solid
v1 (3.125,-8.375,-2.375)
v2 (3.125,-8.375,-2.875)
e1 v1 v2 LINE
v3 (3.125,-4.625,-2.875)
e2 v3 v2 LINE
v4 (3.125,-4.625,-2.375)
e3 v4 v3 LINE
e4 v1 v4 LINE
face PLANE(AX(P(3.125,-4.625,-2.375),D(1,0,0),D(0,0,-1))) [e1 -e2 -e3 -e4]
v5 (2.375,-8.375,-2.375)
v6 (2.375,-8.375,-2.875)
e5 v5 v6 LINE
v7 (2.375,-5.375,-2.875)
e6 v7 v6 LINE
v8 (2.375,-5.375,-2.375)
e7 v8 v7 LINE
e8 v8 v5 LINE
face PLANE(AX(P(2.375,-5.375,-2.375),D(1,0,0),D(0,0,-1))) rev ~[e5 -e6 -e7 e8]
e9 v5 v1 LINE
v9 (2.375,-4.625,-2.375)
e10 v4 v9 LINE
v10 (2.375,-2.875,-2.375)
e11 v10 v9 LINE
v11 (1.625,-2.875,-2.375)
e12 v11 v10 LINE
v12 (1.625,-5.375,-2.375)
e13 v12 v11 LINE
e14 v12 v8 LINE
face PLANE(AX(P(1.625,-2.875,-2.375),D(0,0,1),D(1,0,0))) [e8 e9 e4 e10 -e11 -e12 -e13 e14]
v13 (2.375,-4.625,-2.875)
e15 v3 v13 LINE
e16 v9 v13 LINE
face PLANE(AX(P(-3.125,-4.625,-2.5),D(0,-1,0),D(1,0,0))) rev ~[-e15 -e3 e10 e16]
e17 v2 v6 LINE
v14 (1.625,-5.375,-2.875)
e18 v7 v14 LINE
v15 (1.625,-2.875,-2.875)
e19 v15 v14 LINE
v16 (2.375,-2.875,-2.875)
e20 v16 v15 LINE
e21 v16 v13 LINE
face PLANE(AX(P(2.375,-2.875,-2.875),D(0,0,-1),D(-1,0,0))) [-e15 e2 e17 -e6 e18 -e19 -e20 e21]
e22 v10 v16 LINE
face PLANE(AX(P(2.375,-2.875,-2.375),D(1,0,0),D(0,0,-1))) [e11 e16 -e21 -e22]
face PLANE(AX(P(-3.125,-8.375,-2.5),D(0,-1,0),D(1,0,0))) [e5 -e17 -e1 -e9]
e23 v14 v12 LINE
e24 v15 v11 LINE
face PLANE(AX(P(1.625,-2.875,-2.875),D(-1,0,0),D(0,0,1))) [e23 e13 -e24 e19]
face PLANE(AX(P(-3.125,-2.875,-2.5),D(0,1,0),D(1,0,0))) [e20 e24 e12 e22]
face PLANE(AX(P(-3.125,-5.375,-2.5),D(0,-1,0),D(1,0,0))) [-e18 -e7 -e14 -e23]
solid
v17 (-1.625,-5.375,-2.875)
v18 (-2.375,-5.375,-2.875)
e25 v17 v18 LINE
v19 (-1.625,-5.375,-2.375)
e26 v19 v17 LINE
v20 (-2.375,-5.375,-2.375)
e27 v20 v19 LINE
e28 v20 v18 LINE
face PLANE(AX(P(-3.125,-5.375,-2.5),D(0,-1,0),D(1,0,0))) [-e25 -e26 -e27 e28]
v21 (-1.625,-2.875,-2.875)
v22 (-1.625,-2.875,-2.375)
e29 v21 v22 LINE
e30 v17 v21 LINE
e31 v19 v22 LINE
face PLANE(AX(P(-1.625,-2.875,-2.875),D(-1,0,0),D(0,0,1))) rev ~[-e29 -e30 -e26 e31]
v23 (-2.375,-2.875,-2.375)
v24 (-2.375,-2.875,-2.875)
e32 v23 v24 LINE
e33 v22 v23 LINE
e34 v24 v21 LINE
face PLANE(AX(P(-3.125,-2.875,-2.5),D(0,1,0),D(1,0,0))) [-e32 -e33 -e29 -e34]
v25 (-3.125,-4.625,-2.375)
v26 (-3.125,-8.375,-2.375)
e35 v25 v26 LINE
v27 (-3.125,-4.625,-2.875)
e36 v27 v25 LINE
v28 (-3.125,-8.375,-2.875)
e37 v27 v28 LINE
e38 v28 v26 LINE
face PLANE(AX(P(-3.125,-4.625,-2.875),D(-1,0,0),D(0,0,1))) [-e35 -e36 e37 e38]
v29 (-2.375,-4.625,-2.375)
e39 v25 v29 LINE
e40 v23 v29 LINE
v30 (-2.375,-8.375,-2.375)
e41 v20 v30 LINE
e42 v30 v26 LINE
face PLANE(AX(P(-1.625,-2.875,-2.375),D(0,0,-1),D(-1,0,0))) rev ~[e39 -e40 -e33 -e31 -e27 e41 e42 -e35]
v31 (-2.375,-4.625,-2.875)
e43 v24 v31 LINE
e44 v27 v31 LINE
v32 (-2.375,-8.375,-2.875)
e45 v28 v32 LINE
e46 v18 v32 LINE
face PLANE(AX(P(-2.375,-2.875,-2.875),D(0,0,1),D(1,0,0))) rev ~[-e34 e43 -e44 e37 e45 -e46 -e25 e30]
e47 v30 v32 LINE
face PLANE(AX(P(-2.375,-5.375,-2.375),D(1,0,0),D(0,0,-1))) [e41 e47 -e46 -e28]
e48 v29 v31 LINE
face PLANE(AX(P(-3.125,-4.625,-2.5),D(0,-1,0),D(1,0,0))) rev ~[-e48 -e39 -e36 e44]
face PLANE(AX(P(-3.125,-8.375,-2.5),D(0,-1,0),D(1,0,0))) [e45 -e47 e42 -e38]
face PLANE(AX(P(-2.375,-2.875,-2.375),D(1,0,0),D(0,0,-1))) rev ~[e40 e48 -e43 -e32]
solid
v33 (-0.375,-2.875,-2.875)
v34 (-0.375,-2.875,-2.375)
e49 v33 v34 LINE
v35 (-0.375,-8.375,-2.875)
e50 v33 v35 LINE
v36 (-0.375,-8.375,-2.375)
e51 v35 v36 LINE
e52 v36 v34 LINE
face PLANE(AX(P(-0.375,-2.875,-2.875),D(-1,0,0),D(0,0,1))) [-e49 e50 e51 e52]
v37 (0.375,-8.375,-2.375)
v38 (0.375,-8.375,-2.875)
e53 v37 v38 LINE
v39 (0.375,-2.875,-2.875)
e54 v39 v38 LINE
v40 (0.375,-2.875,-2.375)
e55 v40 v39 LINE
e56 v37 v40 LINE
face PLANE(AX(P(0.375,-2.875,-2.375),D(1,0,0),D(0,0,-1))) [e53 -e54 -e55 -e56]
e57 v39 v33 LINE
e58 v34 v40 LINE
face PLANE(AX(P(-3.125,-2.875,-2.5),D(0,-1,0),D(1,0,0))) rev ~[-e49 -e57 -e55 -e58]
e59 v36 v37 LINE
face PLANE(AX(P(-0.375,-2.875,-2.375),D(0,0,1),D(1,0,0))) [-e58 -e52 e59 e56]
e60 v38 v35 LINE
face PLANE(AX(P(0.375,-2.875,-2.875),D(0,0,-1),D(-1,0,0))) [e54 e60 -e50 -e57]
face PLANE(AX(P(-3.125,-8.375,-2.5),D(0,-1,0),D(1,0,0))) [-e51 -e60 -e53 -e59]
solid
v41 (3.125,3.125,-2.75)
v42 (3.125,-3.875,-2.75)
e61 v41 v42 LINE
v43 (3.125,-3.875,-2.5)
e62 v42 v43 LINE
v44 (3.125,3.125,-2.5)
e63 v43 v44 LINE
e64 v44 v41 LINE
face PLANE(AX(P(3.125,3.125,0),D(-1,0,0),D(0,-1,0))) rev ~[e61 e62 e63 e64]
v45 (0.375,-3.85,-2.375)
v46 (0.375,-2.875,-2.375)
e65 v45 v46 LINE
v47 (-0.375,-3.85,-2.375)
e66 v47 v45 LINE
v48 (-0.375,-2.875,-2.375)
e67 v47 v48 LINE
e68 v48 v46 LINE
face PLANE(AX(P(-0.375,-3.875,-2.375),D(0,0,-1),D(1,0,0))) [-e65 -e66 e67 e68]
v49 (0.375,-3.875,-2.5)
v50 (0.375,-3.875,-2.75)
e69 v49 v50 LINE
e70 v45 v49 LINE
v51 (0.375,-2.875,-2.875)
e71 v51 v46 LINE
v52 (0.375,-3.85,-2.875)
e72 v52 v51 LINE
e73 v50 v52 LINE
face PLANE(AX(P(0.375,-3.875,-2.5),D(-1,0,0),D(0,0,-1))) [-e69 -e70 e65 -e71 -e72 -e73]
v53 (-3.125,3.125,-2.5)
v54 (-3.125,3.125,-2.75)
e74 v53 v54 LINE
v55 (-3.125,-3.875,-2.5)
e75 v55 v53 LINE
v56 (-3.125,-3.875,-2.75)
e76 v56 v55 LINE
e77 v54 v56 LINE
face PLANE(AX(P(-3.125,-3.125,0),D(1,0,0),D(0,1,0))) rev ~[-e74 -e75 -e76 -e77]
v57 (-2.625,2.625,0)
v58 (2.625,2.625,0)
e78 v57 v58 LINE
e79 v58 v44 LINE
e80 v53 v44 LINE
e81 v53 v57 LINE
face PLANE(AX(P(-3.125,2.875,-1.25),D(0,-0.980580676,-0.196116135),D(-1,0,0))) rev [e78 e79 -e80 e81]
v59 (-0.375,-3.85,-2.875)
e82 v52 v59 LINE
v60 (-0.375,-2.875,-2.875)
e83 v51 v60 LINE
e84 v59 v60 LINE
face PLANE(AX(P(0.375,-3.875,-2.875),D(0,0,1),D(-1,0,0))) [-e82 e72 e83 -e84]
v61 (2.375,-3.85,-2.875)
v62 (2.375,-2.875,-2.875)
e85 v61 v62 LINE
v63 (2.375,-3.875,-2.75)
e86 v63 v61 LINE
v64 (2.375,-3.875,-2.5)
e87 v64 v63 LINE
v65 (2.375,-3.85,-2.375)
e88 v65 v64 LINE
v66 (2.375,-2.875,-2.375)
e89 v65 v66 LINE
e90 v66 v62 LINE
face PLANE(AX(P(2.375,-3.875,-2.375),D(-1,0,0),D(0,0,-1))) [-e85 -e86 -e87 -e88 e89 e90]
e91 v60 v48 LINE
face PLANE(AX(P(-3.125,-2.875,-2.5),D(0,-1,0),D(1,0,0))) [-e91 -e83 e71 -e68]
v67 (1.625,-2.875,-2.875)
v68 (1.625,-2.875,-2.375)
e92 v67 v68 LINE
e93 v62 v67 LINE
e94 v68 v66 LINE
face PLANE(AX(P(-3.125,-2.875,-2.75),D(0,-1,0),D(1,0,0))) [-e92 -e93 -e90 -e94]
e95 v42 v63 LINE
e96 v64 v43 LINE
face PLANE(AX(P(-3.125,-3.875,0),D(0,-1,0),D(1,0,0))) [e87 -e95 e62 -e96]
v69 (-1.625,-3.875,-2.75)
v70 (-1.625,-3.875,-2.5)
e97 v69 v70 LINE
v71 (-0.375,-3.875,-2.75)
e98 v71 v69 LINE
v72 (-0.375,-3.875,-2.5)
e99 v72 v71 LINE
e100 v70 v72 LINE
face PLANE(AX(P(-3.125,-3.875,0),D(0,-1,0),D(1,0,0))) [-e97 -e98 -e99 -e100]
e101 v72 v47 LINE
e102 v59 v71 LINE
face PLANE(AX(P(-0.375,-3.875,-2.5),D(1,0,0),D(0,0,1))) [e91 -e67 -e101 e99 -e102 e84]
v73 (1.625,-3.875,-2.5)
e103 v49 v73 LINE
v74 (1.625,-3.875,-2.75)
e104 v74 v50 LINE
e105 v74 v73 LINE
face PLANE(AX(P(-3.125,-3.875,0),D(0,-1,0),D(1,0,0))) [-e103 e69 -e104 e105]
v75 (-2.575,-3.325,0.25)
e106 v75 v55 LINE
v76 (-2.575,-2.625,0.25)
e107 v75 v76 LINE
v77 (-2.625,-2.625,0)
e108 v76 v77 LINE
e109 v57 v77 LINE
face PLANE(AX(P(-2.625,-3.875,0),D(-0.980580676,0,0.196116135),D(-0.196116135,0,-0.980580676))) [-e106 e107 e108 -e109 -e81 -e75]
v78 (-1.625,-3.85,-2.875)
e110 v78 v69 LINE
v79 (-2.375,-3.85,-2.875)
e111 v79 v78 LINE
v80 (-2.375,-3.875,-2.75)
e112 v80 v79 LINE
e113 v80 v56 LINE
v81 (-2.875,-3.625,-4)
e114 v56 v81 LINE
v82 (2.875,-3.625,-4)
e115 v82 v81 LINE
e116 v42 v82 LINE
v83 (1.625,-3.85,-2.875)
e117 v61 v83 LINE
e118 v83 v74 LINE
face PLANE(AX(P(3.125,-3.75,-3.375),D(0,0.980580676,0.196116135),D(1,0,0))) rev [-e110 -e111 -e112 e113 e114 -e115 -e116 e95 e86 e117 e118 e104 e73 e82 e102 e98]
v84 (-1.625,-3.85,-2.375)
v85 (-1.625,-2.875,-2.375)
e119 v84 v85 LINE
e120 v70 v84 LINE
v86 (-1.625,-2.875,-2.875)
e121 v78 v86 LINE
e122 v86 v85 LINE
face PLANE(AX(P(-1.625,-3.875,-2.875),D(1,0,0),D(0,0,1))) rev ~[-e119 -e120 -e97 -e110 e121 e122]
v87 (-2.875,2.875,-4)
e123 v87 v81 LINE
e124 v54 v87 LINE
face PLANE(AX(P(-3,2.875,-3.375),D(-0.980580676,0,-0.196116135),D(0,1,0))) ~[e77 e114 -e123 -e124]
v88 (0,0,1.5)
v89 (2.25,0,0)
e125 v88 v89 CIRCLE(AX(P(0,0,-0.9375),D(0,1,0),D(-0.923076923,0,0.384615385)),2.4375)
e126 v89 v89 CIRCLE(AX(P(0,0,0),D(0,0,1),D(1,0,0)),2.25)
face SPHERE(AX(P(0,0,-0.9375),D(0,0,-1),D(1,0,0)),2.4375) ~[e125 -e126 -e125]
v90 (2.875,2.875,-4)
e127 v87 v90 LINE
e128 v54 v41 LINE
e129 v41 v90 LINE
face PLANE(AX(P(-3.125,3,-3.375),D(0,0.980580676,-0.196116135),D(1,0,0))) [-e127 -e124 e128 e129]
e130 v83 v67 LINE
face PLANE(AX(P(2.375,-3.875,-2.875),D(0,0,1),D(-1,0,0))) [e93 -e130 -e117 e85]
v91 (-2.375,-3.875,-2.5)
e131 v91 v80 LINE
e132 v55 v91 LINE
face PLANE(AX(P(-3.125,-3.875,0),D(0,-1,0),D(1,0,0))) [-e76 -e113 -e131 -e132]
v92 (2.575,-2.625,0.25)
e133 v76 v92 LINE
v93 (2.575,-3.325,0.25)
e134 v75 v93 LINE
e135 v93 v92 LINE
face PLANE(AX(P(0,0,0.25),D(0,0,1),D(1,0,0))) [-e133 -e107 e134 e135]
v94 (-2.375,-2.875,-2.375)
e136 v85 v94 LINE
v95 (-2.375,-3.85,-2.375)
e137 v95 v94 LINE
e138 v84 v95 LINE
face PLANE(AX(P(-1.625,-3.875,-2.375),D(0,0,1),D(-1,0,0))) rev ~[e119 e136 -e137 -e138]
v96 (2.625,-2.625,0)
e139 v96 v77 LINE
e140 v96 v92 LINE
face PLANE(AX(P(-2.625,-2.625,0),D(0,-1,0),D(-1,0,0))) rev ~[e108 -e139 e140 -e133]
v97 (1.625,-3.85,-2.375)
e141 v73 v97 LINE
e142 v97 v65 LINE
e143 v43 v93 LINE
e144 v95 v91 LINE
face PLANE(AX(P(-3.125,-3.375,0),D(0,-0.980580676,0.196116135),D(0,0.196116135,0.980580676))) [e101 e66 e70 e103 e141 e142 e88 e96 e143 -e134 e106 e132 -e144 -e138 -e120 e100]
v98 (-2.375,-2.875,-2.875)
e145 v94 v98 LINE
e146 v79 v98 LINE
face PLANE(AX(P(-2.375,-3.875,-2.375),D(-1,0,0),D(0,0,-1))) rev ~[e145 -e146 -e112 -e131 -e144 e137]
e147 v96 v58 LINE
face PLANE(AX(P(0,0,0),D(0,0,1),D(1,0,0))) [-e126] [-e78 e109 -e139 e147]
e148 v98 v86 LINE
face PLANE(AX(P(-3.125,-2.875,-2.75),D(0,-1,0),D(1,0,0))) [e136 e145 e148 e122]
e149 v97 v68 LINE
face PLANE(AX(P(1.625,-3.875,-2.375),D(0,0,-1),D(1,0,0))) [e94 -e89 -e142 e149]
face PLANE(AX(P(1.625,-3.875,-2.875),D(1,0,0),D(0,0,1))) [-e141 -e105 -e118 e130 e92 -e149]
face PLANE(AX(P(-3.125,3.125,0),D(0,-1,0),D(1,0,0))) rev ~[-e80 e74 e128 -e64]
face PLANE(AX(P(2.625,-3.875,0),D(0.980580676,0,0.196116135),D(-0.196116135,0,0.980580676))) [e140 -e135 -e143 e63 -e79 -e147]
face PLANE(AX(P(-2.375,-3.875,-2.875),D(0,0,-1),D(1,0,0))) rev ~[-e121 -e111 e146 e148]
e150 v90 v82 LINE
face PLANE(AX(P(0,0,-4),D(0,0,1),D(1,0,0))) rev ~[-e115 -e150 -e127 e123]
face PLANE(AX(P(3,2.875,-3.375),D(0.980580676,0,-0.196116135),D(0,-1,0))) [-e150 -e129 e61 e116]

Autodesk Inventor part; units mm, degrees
ref_plane "YZ Plane" through (0, 0, 0) normal (1, 0, 0) x (0, 1, 0)
ref_plane "XZ Plane" through (0, 0, 0) normal (0, 1, 0) x (-1, 0, 0)
sketch "Sketch1" plane through (0, 0, 0) normal (0, 0, 1) x (1, 0, 0)
  line L0 (-3.125, -3.125) -> (-3.125, 3.125)
  line L1 (-3.125, 3.125) -> (3.125, 3.125)
  line L2 (3.125, 3.125) -> (3.125, -3.125)
  line L3 (3.125, -3.125) -> (-3.125, 3.125) construction
  line L4 (-3.125, -3.125) -> (3.125, 3.125) construction
  line L5 (-3.125, -3.125) -> (-3.125, -3.875)
  line L6 (-3.125, -3.875) -> (3.125, -3.875)
  line L7 (3.125, -3.875) -> (3.125, -3.125)
  circle A0 centre (0, 0) radius 2.25
  line L8 (2.625, -2.625) -> (-2.625, -2.625)
  line L9 (-2.625, -2.625) -> (-2.625, 2.625)
  line L10 (-2.625, 2.625) -> (2.625, 2.625)
  line L11 (2.625, 2.625) -> (2.625, -2.625)
  line L12 (2.625, -2.625) -> (-2.625, 2.625) construction
  line L13 (-2.625, -2.625) -> (2.625, 2.625) construction
  line L14 (-3.125, -3.125) -> (-3.125, -2.625)
  line L15 (3.125, -2.625) -> (3.125, -3.125)
  line L16 (-2.625, -2.625) -> (2.625, -2.625)
  line L17 (2.625, -3.875) -> (-2.625, -3.875)
  line L18 (-2.625, -3.875) -> (2.625, -3.875)
  line L19 (2.625, -3.375) -> (-2.625, -3.375)
  line L20 (-2.625, 2.625) -> (2.625, 2.625)
  line L21 (2.625, 2.625) -> (2.625, -3.375)
  line L22 (2.625, -3.375) -> (-2.625, -3.375)
  line L23 (-2.625, -3.375) -> (-2.625, 2.625)
  line L24 (-2.625, -2.625) -> (2.625, -2.625)
  line L25 (-3.125, 3.125) -> (3.125, 3.125)
  line L26 (3.125, 3.125) -> (3.125, -3.375)
  line L27 (-3.125, -3.375) -> (-3.125, 3.125)
  line L28 (2.625, -3.375) -> (2.625, -2.625)
  line L29 (-2.625, -3.375) -> (-2.625, -2.625)
  line L30 (-2.625, -3.375) -> (-2.625, -3.875)
  line L31 (2.625, -3.375) -> (2.625, -3.875)
  line L32 (-2.625, -3.375) -> (2.625, -3.375)
  line L33 (-3.125, -3.875) -> (3.125, -3.875)
  line L34 (3.125, -3.875) -> (3.125, -2.625)
  line L35 (3.125, -2.625) -> (-3.125, -2.625)
  line L36 (-3.125, -2.625) -> (-3.125, -3.875)
  dimension "d0" = 6.25
  dimension "d1" = 6.25
  dimension "d3" = 0.75
  dimension "d4" = 4.5
  dimension "d5" = 5.25
extrude "Extrusion1" add sketch "Sketch1" against normal blind 4 contours L0 L35 L23 L30 L6 L5 | L0 L1 L2 L35 L11 L10 L9 | L9 L10 L11 L8 | L8 L21 L19 L23 | L35 L2 L7 L6 L31 L21 | L19 L31 L6 L30 | A0
extrude "Extrusion2" add sketch "Sketch1" along normal blind 0.25 contours L0 L35 L23 L30 L6 L5 | L8 L21 L19 L23 | L35 L2 L7 L6 L31 L21 | L19 L31 L6 L30
ref_plane "Work Plane1" through (-3.125, 0, 0) normal (0, 1, 0) x (1, 0, 0)
sketch "Sketch2" plane through (-3.125, 0, 0) normal (0, 1, 0) x (1, 0, 0)
  line L0 (0, -0.25) -> (0, 4) projected
  line L1 (6.25, 0) -> (0, 0) projected
  line L2 (0, 0) -> (6.25, 0)
  line L3 (3.125, 0) -> (3.125, -1.5)
  line L4 (3.125, 0) -> (5.375, 0)
  line L5 (3.125, 0) -> (0.875, 0)
  arc A0 (0.875, 0) -> (5.375, 0) centre (3.125, 0.9375) ccw
  dimension "d13" = 1.5
  dimension "d14" = 2.25
  dimension "d15" = 2.25
revolve "Revolution1" add sketch "Sketch2" angle 360 about axis through (0, 0, 0) along (0, 0, 1) picked at (4.5315, -0.1662) contours A0 L3 L1
chamfer "Chamfer1" distance 0.5 distance2 2.5 1 edges at (0, 3.125, 0) measured on face at (-0.0904, 2.8279, 0)
sketch "Sketch3" plane through (-3.125, -3.875, -4) normal (-1, 0, 0) x (0, 0, 1)
  line L0 (1.5, 7) -> (0, 7) projected
  line L1 (1.5, 7) -> (1.5, 0)
  line L2 (4.25, 0) -> (0, 0) projected
  line L3 (4, 0) -> (4, 0.5)
  line L4 (1.5, 0) -> (4, 0.5)
  line L5 (4, 0.5) -> (4.25, 0.55)
  line L6 (4.25, 1.25) -> (4.25, 0) projected
  line L7 (4.25, 0.55) -> (4.25, 0)
  line L8 (4.25, 0) -> (1.5, 0)
  point P0 (4, 3.875)
  dimension "d20" = 0.5
extrude "Extrusion3" cut sketch "Sketch3" against normal blind 10
sketch "Sketch4" plane through (-3.125, -3.875, -4) normal (0, -1, 0) x (1, 0, 0)
  line L0 (0, 4) -> (6.25, 4) projected
  line L1 (0, 4) -> (0.5, 4)
  line L2 (0, 1.5) -> (0, 0) projected
  line L3 (0.5, 4) -> (0, 1.5)
  line L4 (0, 4) -> (0, 4.25) projected
  line L5 (0, 1.5) -> (0, 4)
  line L6 (0, 4) -> (0, 4.25)
  line L7 (0.5, 4) -> (0.55, 4.25)
  line L8 (6.25, 4.25) -> (0, 4.25) projected
  line L9 (0.55, 4.25) -> (0, 4.25)
  line L10 (3.125, 4) -> (3.125, 3.0842)
  line L11 (6.25, 4) -> (5.75, 4)
  line L12 (5.75, 4) -> (6.25, 1.5)
  line L13 (6.25, 4) -> (6.25, 4.25)
  line L14 (6.25, 1.5) -> (6.25, 4)
  line L15 (6.25, 4) -> (6.25, 4.25)
  line L16 (5.75, 4) -> (5.7, 4.25)
  line L17 (5.7, 4.25) -> (6.25, 4.25)
  dimension "d23" = 0.5
extrude "Extrusion4" cut sketch "Sketch4" against normal blind 10 contours L4 L8 L7 L0 | L0 L3 L5 | L16 L8 L13 L0 | L0 L14 L12
chamfer "Chamfer2" distance 1.25 distance2 0.25 1 edges at (0, 3.125, -4) measured on face at (1.0417, 3.125, -3)
chamfer "Chamfer3" distance 1.25 distance2 0.25 1 edges at (0, -3.875, -4) measured on face at (-1.0417, -3.875, -3)
chamfer "Chamfer4" distance 1.25 distance2 0.25 1 edges at (-3.125, -0.375, -4) measured on face at (-3.125, 0.7083, -3.1667)
chamfer "Chamfer5" distance 1.25 distance2 0.25 1 edges at (3.125, -0.375, -4) measured on face at (3.125, 0.7083, -3.1667)
sketch "Sketch5" plane through (-3.125, -3.875, -2.5) normal (0, -1, 0) x (1, 0, 0)
  line L0 (6.25, 0) -> (0, 0) projected
  line L1 (3.125, 0) -> (3.125, -0.25)
  line L2 (6.25, -0.25) -> (0, -0.25) projected
  line L3 (3.5, -0.375) -> (2.75, -0.375)
  line L4 (2.75, -0.375) -> (2.75, 0.125)
  line L5 (2.75, 0.125) -> (3.5, 0.125)
  line L6 (3.5, 0.125) -> (3.5, -0.375)
  line L7 (3.5, -0.375) -> (2.75, 0.125) construction
  line L8 (2.75, -0.375) -> (3.5, 0.125) construction
  point P0 (3.125, 2.5)
  point P1 (3.125, -0.125)
  dimension "d38" = 0.75
  dimension "d39" = 0.5
extrude "Extrusion5" cut sketch "Sketch5" against normal blind 1
sketch "Sketch6" plane through (-3.125, -2.875, -2.5) normal (0, -1, 0) x (1, 0, 0)
  line L0 (2.75, -0.375) -> (2.75, 0.125) projected
  line L1 (3.5, 0.125) -> (3.5, -0.375) projected
  line L2 (2.75, 0.125) -> (3.5, 0.125)
  line L3 (3.5, 0.125) -> (3.5, -0.375)
  line L4 (3.5, -0.375) -> (2.75, -0.375)
  line L5 (2.75, -0.375) -> (2.75, 0.125)
  point P0 (3.125, 2.5)
extrude "Extrusion6" add sketch "Sketch6" along normal blind 14.5 separate body
sketch "Sketch7" plane through (-3.125, -17.375, -2.5) normal (0, -1, 0) x (1, 0, 0)
  line L0 (3.5, 0.125) -> (2.75, 0.125) projected
  line L1 (2.75, -0.375) -> (3.5, -0.375) projected
  line L2 (2.75, 0.125) -> (3.5, 0.125)
  line L3 (3.5, 0.125) -> (3.5, -0.375)
  line L4 (3.5, -0.375) -> (2.75, -0.375)
  line L5 (2.75, -0.375) -> (2.75, 0.125)
  point P0 (3.125, 2.5)
extrude "Extrusion7" add sketch "Sketch7" along normal blind 10 bodies 2
sketch "Sketch8" plane through (-3.125, -3.875, -2.75) normal (0, -1, 0) x (1, 0, 0)
  line L0 (2.75, 0.375) -> (3.5, 0.375) projected
  line L1 (2.75, 0.375) -> (1.5, 0.375)
  line L2 (1.5, 0.375) -> (0.75, 0.375)
  line L3 (0.75, 0.375) -> (0.75, -0.125)
  line L4 (0.75, -0.125) -> (1.5, -0.125)
  line L5 (1.5, -0.125) -> (1.5, 0.375)
  line L6 (3.5, 0.375) -> (4.75, 0.375)
  line L7 (4.75, 0.375) -> (5.5, 0.375)
  line L8 (5.5, 0.375) -> (5.5, -0.125)
  line L9 (5.5, -0.125) -> (4.75, -0.125)
  line L10 (4.75, -0.125) -> (4.75, 0.375)
  point P0 (3.125, 2.75)
  dimension "d46" = 1.25
  dimension "d47" = 0.75
  dimension "d48" = 0.5
  dimension "d49" = 1.25
  dimension "d50" = 0.75
  dimension "d51" = 0.5
extrude "Extrusion8" cut sketch "Sketch8" against normal blind 1 bodies 1
sketch "Sketch9" plane through (-3.125, -2.875, -2.5) normal (0, 1, 0) x (1, 0, 0)
  line L0 (2.75, -0.125) -> (2.75, 0.375) projected
  line L1 (2.75, -0.125) -> (1.5, -0.125)
  line L2 (3.5, -0.125) -> (2.75, -0.125) projected
  line L3 (3.5, -0.125) -> (4.75, -0.125)
  line L4 (1.5, -0.125) -> (0.75, -0.125)
  line L5 (0.75, -0.125) -> (0.75, 0.375)
  line L6 (0.75, 0.375) -> (1.5, 0.375)
  line L7 (1.5, 0.375) -> (1.5, -0.125)
  line L8 (4.75, -0.125) -> (5.5, -0.125)
  line L9 (5.5, -0.125) -> (5.5, 0.375)
  line L10 (5.5, 0.375) -> (4.75, 0.375)
  line L11 (4.75, 0.375) -> (4.75, -0.125)
  point P0 (3.125, -2.5)
  dimension "d54" = 1.25
  dimension "d55" = 1.25
  dimension "d56" = 0.75
  dimension "d57" = 0.5
  dimension "d58" = 0.75
  dimension "d59" = 0.5
extrude "Extrusion9" add sketch "Sketch9" against normal blind 1.75 bodies 2
sketch "Sketch10" plane through (-3.125, -4.625, -2.5) normal (0, -1, 0) x (1, 0, 0)
  line L0 (1.5, -0.375) -> (0.75, -0.375) projected
  line L1 (1.5, -0.375) -> (0, -0.375)
  line L2 (0, -0.375) -> (0, 0.125)
  line L3 (0, 0.125) -> (1.5, 0.125)
  line L4 (1.5, 0.125) -> (1.5, -0.375)
  line L5 (5.5, 0.125) -> (4.75, 0.125) projected
  line L6 (4.75, 0.125) -> (6.25, 0.125)
  line L7 (6.25, 0.125) -> (6.25, -0.375)
  line L8 (6.25, -0.375) -> (4.75, -0.375)
  line L9 (4.75, -0.375) -> (4.75, 0.125)
  point P0 (3.125, 2.5)
  dimension "d62" = 1.5
  dimension "d63" = 0.5
  dimension "d64" = 1.5
extrude "Extrusion10" add sketch "Sketch10" along normal blind 0.75 bodies 2
sketch "Sketch11" plane through (-3.125, -5.375, -2.5) normal (0, -1, 0) x (1, 0, 0)
  line L0 (0, 0.125) -> (0, -0.375) projected
  line L1 (0, -0.375) -> (0.75, -0.375) projected
  line L2 (0, 0.125) -> (0.75, 0.125)
  line L3 (0.75, 0.125) -> (0.75, -0.375)
  line L4 (0.75, -0.375) -> (0, -0.375)
  line L5 (0, -0.375) -> (0, 0.125)
  line L6 (6.25, 0.125) -> (4.75, 0.125) projected
  line L7 (5.5, -0.375) -> (6.25, -0.375) projected
  line L8 (6.25, 0.125) -> (5.5, 0.125)
  line L9 (5.5, 0.125) -> (5.5, -0.375)
  line L10 (5.5, -0.375) -> (6.25, -0.375)
  line L11 (6.25, -0.375) -> (6.25, 0.125)
  point P0 (3.125, 2.5)
  dimension "d67" = 0.75
extrude "Extrusion11" add sketch "Sketch11" along normal blind 22 bodies 2
sketch "Sketch12" plane through (-3.125, -27.375, -2.5) normal (0, -1, 0) x (1, 0, 0)
  line L0 (-2.9615, 1.6118) -> (7.9357, 1.6118)
  line L1 (7.9357, 1.6118) -> (7.9357, -0.9635)
  line L2 (7.9357, -0.9635) -> (-2.9615, -0.9635)
  line L3 (-2.9615, -0.9635) -> (-2.9615, 1.6118)
  point P0 (3.125, 2.5)
extrude "Extrusion12" cut sketch "Sketch12" against normal blind 19 bodies 2
properties part number "TSOP4838"
